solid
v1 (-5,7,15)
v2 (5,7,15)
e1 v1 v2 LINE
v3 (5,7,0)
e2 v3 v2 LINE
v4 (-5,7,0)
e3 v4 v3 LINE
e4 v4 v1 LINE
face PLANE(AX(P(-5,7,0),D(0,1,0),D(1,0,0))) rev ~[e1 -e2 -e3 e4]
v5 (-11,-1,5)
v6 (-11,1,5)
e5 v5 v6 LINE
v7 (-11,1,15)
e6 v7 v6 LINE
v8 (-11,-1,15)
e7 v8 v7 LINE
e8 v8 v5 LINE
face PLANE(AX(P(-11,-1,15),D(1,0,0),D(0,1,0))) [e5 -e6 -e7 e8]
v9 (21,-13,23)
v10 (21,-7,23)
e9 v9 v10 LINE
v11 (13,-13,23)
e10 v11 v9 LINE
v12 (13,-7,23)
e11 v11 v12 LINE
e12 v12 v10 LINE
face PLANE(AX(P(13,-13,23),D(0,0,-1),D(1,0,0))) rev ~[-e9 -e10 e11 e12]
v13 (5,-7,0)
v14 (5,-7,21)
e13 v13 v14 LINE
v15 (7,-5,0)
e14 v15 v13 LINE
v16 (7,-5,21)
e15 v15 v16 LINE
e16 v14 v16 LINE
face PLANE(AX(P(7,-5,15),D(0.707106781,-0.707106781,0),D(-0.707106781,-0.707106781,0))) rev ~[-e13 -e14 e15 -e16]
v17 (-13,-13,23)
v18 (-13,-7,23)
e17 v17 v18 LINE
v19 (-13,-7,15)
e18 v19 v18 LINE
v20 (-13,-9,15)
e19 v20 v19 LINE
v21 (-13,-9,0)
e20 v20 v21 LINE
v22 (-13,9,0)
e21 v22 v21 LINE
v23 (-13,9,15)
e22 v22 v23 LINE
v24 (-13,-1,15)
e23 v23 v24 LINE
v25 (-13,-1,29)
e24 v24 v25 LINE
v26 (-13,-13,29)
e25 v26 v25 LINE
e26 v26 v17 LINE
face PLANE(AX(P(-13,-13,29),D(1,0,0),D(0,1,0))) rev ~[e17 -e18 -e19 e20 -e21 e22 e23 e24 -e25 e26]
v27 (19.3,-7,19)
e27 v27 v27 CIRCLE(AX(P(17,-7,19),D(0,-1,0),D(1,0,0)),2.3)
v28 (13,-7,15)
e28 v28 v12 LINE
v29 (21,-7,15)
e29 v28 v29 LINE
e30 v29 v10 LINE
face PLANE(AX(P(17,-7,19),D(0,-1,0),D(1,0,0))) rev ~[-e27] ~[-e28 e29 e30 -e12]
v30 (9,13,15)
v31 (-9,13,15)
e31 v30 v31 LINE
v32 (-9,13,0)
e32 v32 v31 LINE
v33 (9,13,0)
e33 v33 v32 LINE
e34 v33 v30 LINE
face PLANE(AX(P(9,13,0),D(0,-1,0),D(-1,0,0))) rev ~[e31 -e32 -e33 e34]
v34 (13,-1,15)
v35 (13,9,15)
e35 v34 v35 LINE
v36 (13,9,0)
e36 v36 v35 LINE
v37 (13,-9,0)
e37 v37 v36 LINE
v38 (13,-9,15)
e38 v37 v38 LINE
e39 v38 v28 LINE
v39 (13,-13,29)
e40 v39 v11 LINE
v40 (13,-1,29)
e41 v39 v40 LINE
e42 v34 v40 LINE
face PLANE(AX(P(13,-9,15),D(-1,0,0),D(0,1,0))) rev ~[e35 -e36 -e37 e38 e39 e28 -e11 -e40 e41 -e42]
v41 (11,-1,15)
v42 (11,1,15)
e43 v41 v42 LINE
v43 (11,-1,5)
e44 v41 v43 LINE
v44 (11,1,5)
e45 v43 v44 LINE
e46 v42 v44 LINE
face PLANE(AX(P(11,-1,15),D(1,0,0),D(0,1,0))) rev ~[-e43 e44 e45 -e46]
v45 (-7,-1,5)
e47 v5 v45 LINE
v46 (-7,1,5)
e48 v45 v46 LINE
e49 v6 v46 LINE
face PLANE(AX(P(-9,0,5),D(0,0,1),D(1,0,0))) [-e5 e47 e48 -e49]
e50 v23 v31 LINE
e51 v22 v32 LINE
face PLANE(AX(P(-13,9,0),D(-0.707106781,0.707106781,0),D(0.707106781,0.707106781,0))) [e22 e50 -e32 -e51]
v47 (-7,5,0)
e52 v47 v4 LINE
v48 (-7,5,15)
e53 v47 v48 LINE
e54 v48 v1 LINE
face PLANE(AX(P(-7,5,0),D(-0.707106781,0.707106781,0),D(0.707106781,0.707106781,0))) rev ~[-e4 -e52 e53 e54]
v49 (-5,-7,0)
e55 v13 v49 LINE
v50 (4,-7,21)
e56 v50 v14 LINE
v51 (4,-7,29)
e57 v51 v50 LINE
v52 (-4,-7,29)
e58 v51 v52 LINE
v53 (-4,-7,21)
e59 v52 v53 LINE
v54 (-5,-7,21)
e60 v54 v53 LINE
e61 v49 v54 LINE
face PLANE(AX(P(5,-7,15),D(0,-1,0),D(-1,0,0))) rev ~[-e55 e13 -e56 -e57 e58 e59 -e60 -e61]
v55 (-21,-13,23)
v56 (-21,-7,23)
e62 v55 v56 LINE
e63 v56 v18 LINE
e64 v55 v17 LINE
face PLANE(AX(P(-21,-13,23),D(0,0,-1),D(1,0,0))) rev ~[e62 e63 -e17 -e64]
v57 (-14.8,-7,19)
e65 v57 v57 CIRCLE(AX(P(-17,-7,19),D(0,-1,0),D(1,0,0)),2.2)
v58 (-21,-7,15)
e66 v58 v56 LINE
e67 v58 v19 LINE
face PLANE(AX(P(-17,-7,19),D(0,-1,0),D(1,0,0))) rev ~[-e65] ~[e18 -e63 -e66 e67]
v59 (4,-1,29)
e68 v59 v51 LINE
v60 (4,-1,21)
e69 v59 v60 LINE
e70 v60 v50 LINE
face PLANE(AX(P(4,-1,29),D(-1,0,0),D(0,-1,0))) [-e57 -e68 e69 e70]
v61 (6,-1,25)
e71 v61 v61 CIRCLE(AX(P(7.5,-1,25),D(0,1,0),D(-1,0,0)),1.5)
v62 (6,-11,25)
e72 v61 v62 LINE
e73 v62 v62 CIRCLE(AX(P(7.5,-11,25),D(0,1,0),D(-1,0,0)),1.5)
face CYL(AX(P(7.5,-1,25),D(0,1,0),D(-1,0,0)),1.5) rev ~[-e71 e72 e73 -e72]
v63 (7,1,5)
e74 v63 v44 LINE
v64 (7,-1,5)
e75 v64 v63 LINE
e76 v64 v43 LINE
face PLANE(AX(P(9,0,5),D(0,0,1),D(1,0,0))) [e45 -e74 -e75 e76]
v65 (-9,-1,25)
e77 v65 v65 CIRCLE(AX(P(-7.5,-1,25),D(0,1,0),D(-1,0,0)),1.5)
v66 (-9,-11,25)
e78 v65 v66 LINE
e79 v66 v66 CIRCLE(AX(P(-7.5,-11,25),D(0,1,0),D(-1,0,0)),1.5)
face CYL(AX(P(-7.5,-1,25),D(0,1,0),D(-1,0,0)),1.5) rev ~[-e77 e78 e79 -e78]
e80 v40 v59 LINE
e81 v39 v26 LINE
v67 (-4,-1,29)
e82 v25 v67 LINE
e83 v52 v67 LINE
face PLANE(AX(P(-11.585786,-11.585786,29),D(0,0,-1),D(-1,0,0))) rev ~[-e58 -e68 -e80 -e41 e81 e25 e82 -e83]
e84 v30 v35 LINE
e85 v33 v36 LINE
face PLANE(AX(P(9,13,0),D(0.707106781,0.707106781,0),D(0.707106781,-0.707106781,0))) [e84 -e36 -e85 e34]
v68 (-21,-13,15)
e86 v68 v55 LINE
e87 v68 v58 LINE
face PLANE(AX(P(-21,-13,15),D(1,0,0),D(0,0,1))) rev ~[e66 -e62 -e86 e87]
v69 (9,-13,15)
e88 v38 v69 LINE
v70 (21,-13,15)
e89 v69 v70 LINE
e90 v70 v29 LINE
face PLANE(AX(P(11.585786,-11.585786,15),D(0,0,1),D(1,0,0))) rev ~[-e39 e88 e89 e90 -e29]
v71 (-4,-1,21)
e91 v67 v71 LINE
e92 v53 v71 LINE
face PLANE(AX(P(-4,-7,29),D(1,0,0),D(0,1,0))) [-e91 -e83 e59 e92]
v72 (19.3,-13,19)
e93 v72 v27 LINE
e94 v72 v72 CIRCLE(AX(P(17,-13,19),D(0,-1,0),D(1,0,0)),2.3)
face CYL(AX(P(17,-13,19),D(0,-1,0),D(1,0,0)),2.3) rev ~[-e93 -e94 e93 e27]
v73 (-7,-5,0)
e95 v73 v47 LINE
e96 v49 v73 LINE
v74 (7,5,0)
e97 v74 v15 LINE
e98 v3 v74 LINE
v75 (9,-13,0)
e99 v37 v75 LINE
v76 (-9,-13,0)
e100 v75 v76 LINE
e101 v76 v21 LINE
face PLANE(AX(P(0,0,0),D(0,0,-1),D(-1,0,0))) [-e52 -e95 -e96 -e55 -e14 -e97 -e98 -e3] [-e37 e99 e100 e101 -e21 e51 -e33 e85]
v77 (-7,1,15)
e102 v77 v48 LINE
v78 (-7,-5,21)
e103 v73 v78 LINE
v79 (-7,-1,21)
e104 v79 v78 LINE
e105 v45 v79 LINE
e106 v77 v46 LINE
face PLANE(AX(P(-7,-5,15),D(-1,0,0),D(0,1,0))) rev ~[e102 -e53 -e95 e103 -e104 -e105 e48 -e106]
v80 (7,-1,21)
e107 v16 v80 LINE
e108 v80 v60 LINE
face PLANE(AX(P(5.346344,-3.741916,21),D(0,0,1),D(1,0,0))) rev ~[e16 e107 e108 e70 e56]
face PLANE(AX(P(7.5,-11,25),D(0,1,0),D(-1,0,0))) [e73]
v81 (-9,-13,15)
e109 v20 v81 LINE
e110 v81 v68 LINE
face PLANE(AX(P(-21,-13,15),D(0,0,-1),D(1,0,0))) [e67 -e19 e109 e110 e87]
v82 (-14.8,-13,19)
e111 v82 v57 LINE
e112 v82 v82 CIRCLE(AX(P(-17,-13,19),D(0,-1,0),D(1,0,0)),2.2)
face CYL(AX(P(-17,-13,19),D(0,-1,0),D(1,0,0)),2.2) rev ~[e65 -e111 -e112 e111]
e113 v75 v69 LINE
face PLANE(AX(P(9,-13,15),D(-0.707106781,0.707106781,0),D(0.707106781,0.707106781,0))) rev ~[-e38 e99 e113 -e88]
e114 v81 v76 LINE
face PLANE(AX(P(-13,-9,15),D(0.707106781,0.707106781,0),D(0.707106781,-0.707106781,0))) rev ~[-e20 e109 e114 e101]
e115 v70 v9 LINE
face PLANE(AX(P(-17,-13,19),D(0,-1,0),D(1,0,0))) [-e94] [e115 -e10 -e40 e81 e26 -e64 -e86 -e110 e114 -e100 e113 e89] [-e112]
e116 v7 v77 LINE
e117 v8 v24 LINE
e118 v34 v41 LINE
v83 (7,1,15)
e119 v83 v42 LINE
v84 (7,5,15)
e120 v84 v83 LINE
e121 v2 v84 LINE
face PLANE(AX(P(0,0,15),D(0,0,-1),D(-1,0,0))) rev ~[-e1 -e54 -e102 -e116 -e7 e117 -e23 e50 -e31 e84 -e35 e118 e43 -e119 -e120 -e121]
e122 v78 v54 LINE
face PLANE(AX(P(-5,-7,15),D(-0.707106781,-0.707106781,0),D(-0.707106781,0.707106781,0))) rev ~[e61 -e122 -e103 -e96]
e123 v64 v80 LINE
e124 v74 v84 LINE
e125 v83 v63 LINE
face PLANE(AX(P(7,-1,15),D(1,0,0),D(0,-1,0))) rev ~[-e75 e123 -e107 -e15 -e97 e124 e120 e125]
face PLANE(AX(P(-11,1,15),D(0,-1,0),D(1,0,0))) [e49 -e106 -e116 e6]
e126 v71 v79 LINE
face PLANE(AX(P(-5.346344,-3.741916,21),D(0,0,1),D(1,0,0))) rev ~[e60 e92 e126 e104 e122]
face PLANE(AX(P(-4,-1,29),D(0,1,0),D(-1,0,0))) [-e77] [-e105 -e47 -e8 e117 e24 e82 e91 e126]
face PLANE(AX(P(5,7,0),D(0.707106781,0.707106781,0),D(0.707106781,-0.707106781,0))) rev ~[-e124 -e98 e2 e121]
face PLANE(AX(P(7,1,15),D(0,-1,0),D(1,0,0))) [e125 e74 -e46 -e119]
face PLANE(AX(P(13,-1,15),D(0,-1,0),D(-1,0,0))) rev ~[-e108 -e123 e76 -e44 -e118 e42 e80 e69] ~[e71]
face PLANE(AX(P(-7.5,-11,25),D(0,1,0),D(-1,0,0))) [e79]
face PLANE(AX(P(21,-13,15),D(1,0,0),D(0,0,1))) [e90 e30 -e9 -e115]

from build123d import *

# Parameters (mm, degrees)
BOSS_EXTRU_1_DEPTH      = 15
BOSS_EXTRU_2_DEPTH      = 14
ESQUISSE3_W             = 4
ESQUISSE3_H             = 2
ENL_V_MAT_EXTRU_1_DEPTH = 10
BOSS_EXTRU_3_DEPTH      = 8
ESQUISSE6_R             = 1.5
ENL_V_MAT_EXTRU_2_DEPTH = 10
BOSS_EXTRU_4_DEPTH      = 14
ESQUISSE9_W             = 8
ESQUISSE9_H             = 8
ESQUISSE9_R             = 2.2
ESQUISSE9_R_2           = 2.3
BOSS_EXTRU_5_DEPTH      = 6


with BuildPart() as part:
    # Esquisse1 → Boss.-Extru.1 (new body)
    with BuildSketch(Plane.XY):
        Polygon((13, 0), (13, -9), (9, -13), (-9, -13), (-13, -9), (-13, 0), (-13, 9), (-9, 13), (0, 13), (9, 13), (13, 9), align=None)
        Polygon((7, 0), (7, -5), (5, -7), (-5, -7), (-7, -5), (-7, 0), (-7, 5), (-5, 7), (5, 7), (7, 5), align=None, mode=Mode.SUBTRACT)
    extrude(amount=BOSS_EXTRU_1_DEPTH)

    # Esquisse2 → Boss.-Extru.2 (add)
    with BuildSketch(Plane.XY.offset(15)):
        Polygon((-9, -13), (9, -13), (13, -9), (13, -1), (7, -1), (7, -5), (5, -7), (-5, -7), (-7, -5), (-7, -1), (-13, -1), (-13, -9), align=None)
    extrude(amount=BOSS_EXTRU_2_DEPTH)

    # Esquisse3 → Enlèv. mat.-Extru.1 (cut)
    with BuildSketch(Plane.XY.offset(15)):
        with Locations((-9, 0)):
            Rectangle(ESQUISSE3_W, ESQUISSE3_H)
        with Locations((9, 0)):
            Rectangle(ESQUISSE3_W, ESQUISSE3_H)
    extrude(amount=-ENL_V_MAT_EXTRU_1_DEPTH, mode=Mode.SUBTRACT)

    # Esquisse5 → Boss.-Extru.3 (add)
    with BuildSketch(Plane.XY.offset(29)):
        Polygon((-4, -1), (-7, -1), (-7, -5), (-5, -7), (-4, -7), align=None)
        Polygon((5, -7), (7, -5), (7, -1), (4, -1), (4, -7), align=None)
    extrude(amount=-BOSS_EXTRU_3_DEPTH)

    # Esquisse6 → Enlèv. mat.-Extru.2 (cut)
    with BuildSketch(Plane(origin=(0, -1, 0), x_dir=(1, 0, 0), z_dir=(0, 1, 0))):
        with Locations(Location((-7.5, -25, 0), (0, 0, 180))):
            Circle(ESQUISSE6_R)
        with Locations(Location((7.5, -25, 0), (0, 0, 180))):
            Circle(ESQUISSE6_R)
    extrude(amount=-ENL_V_MAT_EXTRU_2_DEPTH, mode=Mode.SUBTRACT)

    # Esquisse8 → Boss.-Extru.4 (add)
    with BuildSketch(Plane.XY.offset(29)):
        Polygon((-13, -9), (-9, -13), (-13, -13), align=None)
        Polygon((9, -13), (13, -13), (13, -9), align=None)
    extrude(amount=-BOSS_EXTRU_4_DEPTH)

    # Esquisse9 → Boss.-Extru.5 (add)
    # profile 1 of 2: a face of its own
    with BuildSketch(Plane.XZ.offset(13)):
        with Locations((-17, 19)):
            Rectangle(ESQUISSE9_W, ESQUISSE9_H)
        with Locations((-17, 19)):
            Circle(ESQUISSE9_R, mode=Mode.SUBTRACT)
    # profile 2 of 2: a face of its own
    with BuildSketch(Plane.XZ.offset(13)):
        with Locations((17, 19)):
            Rectangle(ESQUISSE9_W, ESQUISSE9_H)
        with Locations((17, 19)):
            Circle(ESQUISSE9_R_2, mode=Mode.SUBTRACT)
    extrude(amount=-BOSS_EXTRU_5_DEPTH)


solid = part.part
